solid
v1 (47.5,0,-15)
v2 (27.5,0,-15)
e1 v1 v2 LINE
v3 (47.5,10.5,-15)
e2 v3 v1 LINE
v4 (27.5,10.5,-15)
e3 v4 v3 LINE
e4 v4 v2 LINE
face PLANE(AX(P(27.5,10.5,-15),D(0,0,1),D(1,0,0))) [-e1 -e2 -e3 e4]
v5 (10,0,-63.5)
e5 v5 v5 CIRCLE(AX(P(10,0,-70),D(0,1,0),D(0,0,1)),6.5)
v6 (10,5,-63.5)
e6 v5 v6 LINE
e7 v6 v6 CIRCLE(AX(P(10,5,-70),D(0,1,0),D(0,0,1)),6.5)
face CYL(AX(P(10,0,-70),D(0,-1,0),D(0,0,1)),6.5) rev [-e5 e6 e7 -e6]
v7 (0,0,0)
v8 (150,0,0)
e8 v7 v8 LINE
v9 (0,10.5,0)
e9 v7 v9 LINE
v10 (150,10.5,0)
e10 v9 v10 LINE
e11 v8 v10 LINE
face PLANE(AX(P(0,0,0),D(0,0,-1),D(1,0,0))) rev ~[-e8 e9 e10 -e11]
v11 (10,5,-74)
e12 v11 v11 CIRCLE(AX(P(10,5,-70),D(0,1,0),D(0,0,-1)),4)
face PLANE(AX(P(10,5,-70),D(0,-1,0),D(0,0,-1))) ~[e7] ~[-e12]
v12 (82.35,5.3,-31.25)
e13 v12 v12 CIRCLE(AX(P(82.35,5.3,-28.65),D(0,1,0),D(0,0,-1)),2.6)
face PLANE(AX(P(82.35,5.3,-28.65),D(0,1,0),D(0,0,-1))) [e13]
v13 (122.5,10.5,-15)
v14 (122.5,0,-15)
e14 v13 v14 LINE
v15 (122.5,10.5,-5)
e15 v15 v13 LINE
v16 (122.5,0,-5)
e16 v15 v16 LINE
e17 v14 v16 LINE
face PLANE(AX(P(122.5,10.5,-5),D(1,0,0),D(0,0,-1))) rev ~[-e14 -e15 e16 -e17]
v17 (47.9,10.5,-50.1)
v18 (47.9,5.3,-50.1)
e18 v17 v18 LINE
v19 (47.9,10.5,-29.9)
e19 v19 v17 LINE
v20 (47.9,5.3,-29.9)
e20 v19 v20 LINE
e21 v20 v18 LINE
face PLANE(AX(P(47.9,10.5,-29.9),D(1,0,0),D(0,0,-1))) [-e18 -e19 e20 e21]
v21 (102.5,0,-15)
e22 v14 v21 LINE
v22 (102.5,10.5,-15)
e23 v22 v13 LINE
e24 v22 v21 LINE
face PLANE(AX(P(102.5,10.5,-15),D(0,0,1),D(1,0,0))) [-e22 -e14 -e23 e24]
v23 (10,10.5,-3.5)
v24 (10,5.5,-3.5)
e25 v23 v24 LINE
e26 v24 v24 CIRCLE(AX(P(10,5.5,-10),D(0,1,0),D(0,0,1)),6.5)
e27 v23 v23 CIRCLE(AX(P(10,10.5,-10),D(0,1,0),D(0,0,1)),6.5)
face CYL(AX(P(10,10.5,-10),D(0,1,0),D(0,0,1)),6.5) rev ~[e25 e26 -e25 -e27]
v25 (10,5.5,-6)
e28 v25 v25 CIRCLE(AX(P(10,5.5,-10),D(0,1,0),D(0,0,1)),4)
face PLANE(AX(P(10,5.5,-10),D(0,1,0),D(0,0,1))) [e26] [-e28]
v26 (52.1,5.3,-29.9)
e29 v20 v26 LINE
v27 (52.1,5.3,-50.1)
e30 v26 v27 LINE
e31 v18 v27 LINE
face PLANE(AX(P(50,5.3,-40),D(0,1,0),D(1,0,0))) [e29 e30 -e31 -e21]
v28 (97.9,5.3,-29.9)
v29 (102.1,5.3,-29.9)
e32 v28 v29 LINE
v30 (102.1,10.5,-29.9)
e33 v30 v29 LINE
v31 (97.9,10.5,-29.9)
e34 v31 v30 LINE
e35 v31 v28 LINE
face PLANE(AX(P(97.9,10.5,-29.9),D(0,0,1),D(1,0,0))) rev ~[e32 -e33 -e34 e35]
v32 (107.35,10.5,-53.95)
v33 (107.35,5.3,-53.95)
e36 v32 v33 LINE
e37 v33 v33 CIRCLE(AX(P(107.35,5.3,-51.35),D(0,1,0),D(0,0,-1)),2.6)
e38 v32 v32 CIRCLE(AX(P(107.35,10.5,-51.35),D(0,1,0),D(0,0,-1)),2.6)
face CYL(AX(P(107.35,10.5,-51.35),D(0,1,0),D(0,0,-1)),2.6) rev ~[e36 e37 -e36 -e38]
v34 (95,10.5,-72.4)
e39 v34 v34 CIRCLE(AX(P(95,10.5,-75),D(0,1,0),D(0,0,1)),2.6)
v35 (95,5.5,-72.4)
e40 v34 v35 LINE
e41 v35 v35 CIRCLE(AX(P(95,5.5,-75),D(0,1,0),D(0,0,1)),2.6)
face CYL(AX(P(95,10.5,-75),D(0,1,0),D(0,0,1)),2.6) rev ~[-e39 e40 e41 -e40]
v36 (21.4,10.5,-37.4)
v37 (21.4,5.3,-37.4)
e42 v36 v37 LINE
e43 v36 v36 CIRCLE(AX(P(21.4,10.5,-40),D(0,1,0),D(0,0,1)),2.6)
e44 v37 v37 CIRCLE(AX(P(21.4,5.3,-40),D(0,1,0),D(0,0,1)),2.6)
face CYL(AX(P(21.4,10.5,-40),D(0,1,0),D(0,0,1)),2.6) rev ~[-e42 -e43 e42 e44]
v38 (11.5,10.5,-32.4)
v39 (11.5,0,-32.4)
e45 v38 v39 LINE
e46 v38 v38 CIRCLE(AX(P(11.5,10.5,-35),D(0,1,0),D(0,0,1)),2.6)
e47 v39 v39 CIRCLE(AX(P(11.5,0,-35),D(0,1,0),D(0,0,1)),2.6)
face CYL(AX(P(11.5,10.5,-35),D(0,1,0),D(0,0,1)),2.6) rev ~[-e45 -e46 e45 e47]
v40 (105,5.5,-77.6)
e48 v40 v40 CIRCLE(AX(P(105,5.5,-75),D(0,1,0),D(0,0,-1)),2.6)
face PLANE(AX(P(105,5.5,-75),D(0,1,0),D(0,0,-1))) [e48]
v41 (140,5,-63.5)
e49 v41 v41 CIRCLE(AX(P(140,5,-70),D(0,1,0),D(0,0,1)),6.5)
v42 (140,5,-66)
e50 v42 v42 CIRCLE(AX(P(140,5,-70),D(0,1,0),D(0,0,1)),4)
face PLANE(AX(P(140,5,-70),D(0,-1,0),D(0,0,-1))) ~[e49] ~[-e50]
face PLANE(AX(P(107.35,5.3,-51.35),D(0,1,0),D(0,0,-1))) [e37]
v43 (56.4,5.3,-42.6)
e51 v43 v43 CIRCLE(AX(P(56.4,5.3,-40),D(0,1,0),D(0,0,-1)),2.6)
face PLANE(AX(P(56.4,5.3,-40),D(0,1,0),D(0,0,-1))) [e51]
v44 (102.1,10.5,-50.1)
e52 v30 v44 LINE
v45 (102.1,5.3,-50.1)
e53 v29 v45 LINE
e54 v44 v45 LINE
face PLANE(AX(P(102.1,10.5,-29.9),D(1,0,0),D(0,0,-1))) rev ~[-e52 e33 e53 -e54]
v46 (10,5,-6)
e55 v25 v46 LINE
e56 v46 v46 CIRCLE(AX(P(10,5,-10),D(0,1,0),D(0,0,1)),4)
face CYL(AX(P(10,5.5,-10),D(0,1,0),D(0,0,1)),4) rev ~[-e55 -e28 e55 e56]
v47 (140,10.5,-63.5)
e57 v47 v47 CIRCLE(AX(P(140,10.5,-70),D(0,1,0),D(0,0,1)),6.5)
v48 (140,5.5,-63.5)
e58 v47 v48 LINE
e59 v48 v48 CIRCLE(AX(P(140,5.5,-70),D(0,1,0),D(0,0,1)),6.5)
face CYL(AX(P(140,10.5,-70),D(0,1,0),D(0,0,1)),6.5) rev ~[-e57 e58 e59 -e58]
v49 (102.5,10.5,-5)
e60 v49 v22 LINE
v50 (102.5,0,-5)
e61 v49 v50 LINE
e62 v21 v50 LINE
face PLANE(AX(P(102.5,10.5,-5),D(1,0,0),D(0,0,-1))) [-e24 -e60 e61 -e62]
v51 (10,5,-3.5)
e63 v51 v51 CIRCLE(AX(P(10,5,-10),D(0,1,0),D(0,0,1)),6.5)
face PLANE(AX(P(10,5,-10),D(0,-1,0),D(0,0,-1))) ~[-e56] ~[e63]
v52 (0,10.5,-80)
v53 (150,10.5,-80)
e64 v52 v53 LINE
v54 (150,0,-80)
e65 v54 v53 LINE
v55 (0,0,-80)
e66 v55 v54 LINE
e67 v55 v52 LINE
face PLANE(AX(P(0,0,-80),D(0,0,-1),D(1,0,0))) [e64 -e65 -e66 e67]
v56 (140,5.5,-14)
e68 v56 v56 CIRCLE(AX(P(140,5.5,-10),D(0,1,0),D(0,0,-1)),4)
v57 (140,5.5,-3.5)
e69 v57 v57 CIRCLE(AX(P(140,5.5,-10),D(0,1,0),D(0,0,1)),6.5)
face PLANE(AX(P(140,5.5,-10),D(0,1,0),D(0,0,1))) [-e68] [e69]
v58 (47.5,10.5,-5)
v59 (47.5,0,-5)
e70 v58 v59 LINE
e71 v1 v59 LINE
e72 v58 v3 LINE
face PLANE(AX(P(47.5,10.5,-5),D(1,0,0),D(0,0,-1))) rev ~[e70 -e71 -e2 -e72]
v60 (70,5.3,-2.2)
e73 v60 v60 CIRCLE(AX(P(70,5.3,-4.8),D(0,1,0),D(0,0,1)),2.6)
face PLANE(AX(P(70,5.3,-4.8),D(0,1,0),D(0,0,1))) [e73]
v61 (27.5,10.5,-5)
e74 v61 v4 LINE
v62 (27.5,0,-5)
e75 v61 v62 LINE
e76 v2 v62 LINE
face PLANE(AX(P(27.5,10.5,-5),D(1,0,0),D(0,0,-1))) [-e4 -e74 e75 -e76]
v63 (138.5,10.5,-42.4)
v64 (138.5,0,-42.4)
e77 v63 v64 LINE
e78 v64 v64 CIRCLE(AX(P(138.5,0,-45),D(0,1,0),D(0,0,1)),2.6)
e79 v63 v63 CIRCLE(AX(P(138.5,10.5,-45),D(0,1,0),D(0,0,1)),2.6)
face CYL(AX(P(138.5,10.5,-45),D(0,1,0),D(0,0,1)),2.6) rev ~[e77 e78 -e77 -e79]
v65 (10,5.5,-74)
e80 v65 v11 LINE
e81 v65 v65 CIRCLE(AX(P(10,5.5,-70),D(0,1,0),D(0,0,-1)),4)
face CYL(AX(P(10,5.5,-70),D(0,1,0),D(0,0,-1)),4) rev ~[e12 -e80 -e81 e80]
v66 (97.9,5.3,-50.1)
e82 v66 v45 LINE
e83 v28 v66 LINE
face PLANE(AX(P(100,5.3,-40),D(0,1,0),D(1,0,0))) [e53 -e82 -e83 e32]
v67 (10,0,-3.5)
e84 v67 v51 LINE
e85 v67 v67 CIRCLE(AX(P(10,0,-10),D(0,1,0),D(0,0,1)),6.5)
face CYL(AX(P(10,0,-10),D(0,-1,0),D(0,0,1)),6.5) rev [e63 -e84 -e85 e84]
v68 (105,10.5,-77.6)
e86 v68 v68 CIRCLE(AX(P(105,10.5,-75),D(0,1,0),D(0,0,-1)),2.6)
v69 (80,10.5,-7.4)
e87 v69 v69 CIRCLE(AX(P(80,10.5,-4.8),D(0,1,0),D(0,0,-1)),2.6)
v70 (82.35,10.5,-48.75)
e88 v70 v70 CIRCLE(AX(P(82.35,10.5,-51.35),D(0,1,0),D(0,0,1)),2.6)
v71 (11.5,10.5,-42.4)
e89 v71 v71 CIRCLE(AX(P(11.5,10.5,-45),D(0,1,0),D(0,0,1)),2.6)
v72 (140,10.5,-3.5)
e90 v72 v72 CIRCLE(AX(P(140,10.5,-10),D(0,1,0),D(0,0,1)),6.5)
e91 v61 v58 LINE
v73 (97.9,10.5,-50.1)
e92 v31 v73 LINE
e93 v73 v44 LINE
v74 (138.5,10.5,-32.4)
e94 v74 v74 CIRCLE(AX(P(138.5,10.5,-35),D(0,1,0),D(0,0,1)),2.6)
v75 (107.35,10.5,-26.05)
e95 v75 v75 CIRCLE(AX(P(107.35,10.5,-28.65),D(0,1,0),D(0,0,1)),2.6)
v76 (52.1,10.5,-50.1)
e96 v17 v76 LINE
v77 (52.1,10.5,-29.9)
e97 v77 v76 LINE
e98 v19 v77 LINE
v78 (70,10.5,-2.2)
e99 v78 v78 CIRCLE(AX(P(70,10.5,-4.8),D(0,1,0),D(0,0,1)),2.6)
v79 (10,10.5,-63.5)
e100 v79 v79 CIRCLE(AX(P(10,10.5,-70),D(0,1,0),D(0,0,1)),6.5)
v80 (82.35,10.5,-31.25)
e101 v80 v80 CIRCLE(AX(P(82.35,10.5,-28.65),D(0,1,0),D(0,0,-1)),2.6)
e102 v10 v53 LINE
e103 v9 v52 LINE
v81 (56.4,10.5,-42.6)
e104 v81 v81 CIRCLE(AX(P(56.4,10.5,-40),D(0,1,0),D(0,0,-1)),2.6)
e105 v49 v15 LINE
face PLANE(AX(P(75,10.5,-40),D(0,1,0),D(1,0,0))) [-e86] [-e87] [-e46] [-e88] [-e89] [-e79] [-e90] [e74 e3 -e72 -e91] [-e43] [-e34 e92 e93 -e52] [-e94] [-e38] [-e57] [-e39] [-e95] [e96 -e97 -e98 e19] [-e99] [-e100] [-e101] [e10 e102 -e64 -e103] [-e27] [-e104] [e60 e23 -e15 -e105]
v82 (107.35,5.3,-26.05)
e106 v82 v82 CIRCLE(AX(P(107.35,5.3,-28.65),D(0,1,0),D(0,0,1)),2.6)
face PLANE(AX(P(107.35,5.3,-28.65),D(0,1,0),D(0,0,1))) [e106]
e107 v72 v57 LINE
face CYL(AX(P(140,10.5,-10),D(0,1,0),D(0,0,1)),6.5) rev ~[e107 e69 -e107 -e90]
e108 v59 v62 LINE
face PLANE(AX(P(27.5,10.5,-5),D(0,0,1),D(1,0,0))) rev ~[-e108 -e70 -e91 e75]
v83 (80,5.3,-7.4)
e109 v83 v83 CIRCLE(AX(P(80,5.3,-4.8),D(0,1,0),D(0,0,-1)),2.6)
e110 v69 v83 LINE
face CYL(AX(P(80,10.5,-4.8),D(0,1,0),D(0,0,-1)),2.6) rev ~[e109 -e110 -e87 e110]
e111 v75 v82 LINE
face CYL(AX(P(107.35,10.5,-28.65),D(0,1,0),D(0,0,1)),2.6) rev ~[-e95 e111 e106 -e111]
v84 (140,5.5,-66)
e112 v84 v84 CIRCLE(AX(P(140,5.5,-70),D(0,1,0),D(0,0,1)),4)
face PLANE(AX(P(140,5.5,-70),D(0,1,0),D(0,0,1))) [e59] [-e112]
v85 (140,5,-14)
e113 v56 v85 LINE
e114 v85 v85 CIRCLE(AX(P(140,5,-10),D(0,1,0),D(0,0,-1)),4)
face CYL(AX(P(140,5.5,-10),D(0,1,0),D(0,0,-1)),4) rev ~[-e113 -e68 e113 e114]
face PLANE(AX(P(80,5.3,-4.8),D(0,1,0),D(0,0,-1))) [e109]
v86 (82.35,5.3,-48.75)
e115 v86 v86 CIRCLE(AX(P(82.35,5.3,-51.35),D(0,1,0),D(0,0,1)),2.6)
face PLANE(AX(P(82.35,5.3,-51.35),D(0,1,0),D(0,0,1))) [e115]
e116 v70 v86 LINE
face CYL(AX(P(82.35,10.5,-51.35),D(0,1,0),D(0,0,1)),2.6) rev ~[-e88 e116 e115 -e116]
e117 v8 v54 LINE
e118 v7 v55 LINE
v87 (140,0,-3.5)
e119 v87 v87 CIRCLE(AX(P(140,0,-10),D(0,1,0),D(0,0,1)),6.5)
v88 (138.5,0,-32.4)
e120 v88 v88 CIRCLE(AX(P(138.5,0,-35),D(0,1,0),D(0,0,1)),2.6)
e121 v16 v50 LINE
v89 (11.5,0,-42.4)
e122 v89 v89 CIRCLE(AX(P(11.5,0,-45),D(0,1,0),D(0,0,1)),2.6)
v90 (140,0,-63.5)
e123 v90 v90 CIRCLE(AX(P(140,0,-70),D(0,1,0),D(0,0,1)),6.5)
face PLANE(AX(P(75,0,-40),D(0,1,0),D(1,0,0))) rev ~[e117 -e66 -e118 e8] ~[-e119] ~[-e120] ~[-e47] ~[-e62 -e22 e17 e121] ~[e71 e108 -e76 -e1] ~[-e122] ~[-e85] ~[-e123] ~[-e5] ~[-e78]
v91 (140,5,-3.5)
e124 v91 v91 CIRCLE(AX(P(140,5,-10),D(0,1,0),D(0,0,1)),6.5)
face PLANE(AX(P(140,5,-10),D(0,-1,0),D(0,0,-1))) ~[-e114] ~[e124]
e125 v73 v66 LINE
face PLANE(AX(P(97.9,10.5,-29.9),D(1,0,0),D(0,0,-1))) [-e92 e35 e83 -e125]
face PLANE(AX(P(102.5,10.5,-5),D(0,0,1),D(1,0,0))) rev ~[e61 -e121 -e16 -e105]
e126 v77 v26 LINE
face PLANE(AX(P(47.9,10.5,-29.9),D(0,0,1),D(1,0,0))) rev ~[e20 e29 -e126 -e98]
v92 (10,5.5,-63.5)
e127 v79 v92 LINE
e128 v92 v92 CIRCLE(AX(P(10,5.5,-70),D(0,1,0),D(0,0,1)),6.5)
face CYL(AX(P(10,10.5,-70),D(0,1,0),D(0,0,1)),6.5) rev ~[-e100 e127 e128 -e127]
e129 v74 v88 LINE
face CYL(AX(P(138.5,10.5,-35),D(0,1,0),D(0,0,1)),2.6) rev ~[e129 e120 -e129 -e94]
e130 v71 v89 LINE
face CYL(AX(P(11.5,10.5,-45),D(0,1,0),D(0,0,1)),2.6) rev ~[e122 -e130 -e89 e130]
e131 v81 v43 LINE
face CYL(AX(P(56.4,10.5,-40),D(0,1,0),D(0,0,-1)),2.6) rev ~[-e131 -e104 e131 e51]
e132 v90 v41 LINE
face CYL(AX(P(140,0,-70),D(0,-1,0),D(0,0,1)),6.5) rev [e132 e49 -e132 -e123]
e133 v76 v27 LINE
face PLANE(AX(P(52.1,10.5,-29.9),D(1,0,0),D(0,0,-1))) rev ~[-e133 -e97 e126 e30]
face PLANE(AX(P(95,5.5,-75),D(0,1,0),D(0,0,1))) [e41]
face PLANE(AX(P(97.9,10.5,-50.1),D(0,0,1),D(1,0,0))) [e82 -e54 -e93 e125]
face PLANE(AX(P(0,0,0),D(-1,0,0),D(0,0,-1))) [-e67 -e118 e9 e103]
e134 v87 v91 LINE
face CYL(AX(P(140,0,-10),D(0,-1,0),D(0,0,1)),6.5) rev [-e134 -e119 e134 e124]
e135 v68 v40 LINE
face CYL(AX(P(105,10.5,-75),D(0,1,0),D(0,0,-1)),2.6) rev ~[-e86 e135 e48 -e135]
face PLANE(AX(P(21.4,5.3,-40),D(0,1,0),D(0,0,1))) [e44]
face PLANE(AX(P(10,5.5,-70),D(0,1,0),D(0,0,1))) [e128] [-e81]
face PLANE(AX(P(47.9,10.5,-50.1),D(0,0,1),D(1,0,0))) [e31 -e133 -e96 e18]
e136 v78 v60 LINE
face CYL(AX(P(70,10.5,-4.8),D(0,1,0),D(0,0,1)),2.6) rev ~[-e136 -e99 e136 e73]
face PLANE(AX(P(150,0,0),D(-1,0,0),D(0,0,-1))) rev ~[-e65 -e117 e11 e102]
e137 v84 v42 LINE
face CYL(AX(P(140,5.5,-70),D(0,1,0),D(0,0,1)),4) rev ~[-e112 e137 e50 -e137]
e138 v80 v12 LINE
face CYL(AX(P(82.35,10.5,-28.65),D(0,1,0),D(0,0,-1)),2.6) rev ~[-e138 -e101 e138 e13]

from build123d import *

# Parameters (mm, degrees)
SKETCH1_W            = 150
SKETCH1_H            = 80
BOSS_EXTRUDE1_DEPTH  = 10.5
SKETCH10_R           = 6.5
CUT_EXTRUDE8_DEPTH   = 5
WIREHOLES_REACH      = 172.324
SKETCH3_W            = 20
SKETCH3_H            = 10
SKETCH6_R            = 2.6
F_4AACUT_DEPTH       = 5.2
SKETCH7_R            = 2.6
F_2AACUT_DEPTH       = 5.2
SKETCH5_W            = 4.2
SKETCH5_H            = 20.2
ARDUINOMEGACUT_DEPTH = 5.2
SKETCH8_R            = 2.6
MPUCUT_DEPTH         = 5.2
CUT_EXTRUDE7_REACH   = 172.324
SKETCH9_R            = 2.6
SKETCH11_R           = 4
CUT_EXTRUDE9_DEPTH   = 0.5
SKETCH12_R           = 2.6
CUT_EXTRUDE10_DEPTH  = 5


with BuildPart() as part:
    # Sketch1 → Boss-Extrude1 (new body)
    with BuildSketch(Plane(origin=(0, 0, 0), x_dir=(1, 0, 0), z_dir=(0, 1, 0))):
        with Locations((75, 40)):
            Rectangle(SKETCH1_W, SKETCH1_H)
    extrude(amount=BOSS_EXTRUDE1_DEPTH)

    # Sketch10 → Cut-Extrude8 (cut)
    with BuildSketch(Plane(origin=(0, 10.5, 0), x_dir=(1, 0, 0), z_dir=(0, 1, 0))):
        with Locations(Location((10, 10, 0), (0, 0, 270))):
            Circle(SKETCH10_R)
        with Locations(Location((140, 10, 0), (0, 0, 270))):
            Circle(SKETCH10_R)
        with Locations(Location((10, 70, 0), (0, 0, 270))):
            Circle(SKETCH10_R)
        with Locations(Location((140, 70, 0), (0, 0, 270))):
            Circle(SKETCH10_R)
    cut_extrude8 = extrude(amount=-CUT_EXTRUDE8_DEPTH, mode=Mode.SUBTRACT)

    # Mirror1: Cut-Extrude8 across plane
    add(cut_extrude8.mirror(Plane.ZX.offset(5.25)), mode=Mode.SUBTRACT)

    # Sketch3 → WireHoles (cut, up to next)
    with BuildSketch(Plane(origin=(0, 10.5, 0), x_dir=(1, 0, 0), z_dir=(0, 1, 0)), mode=Mode.PRIVATE) as wireholes_sk1:
        with Locations((37.5, 10)):
            Rectangle(SKETCH3_W, SKETCH3_H)
    wireholes_tool1 = extrude(wireholes_sk1.sketch, amount=-WIREHOLES_REACH, mode=Mode.PRIVATE) & part.part
    # Sketch3 → WireHoles (cut, up to next)
    with BuildSketch(Plane(origin=(0, 10.5, 0), x_dir=(1, 0, 0), z_dir=(0, 1, 0)), mode=Mode.PRIVATE) as wireholes_sk2:
        with Locations((112.5, 10)):
            Rectangle(SKETCH3_W, SKETCH3_H)
    wireholes_tool2 = extrude(wireholes_sk2.sketch, amount=-WIREHOLES_REACH, mode=Mode.PRIVATE) & part.part
    add(wireholes_tool1.solids().sort_by_distance((37.5, 10.5, -10))[0], mode=Mode.SUBTRACT)
    add(wireholes_tool2.solids().sort_by_distance((112.5, 10.5, -10))[0], mode=Mode.SUBTRACT)

    # Sketch6 → 4AACut (cut)
    with BuildSketch(Plane(origin=(0, 10.5, 0), x_dir=(1, 0, 0), z_dir=(0, 1, 0))):
        with Locations(Location((21.4, 40, 0), (0, 0, 270))):
            Circle(SKETCH6_R)
        with Locations(Location((56.4, 40, 0), (0, 0, 90))):
            Circle(SKETCH6_R)
    extrude(amount=-F_4AACUT_DEPTH, mode=Mode.SUBTRACT)

    # Sketch7 → 2AACut (cut)
    with BuildSketch(Plane(origin=(0, 10.5, 0), x_dir=(1, 0, 0), z_dir=(0, 1, 0))):
        with Locations(Location((82.35, 51.35, 0), (0, 0, 270))):
            Circle(SKETCH7_R)
        with Locations(Location((107.35, 51.35, 0), (0, 0, 90))):
            Circle(SKETCH7_R)
        with Locations(Location((82.35, 28.65, 0), (0, 0, 90))):
            Circle(SKETCH7_R)
        with Locations(Location((107.35, 28.65, 0), (0, 0, 270))):
            Circle(SKETCH7_R)
    extrude(amount=-F_2AACUT_DEPTH, mode=Mode.SUBTRACT)

    # Sketch5 → ArduinoMegaCut (cut)
    with BuildSketch(Plane(origin=(0, 10.5, 0), x_dir=(1, 0, 0), z_dir=(0, 1, 0))):
        with Locations((50, 40)):
            Rectangle(SKETCH5_W, SKETCH5_H)
        with Locations((100, 40)):
            Rectangle(SKETCH5_W, SKETCH5_H)
    extrude(amount=-ARDUINOMEGACUT_DEPTH, mode=Mode.SUBTRACT)

    # Sketch8 → MPUCut (cut)
    with BuildSketch(Plane(origin=(0, 10.5, 0), x_dir=(1, 0, 0), z_dir=(0, 1, 0))):
        with Locations(Location((70, 4.8, 0), (0, 0, 270))):
            Circle(SKETCH8_R)
        with Locations(Location((80, 4.8, 0), (0, 0, 90))):
            Circle(SKETCH8_R)
    extrude(amount=-MPUCUT_DEPTH, mode=Mode.SUBTRACT)

    # Sketch9 → Cut-Extrude7 (cut, up to next)
    with BuildSketch(Plane(origin=(0, 10.5, 0), x_dir=(1, 0, 0), z_dir=(0, 1, 0)), mode=Mode.PRIVATE) as cut_extrude7_sk1:
        with Locations(Location((138.5, 45, 0), (0, 0, 270))):
            Circle(SKETCH9_R)
    cut_extrude7_tool1 = extrude(cut_extrude7_sk1.sketch, amount=-CUT_EXTRUDE7_REACH, mode=Mode.PRIVATE) & part.part
    # Sketch9 → Cut-Extrude7 (cut, up to next)
    with BuildSketch(Plane(origin=(0, 10.5, 0), x_dir=(1, 0, 0), z_dir=(0, 1, 0)), mode=Mode.PRIVATE) as cut_extrude7_sk2:
        with Locations(Location((138.5, 35, 0), (0, 0, 270))):
            Circle(SKETCH9_R)
    cut_extrude7_tool2 = extrude(cut_extrude7_sk2.sketch, amount=-CUT_EXTRUDE7_REACH, mode=Mode.PRIVATE) & part.part
    # Sketch9 → Cut-Extrude7 (cut, up to next)
    with BuildSketch(Plane(origin=(0, 10.5, 0), x_dir=(1, 0, 0), z_dir=(0, 1, 0)), mode=Mode.PRIVATE) as cut_extrude7_sk3:
        with Locations(Location((11.5, 45, 0), (0, 0, 270))):
            Circle(SKETCH9_R)
    cut_extrude7_tool3 = extrude(cut_extrude7_sk3.sketch, amount=-CUT_EXTRUDE7_REACH, mode=Mode.PRIVATE) & part.part
    # Sketch9 → Cut-Extrude7 (cut, up to next)
    with BuildSketch(Plane(origin=(0, 10.5, 0), x_dir=(1, 0, 0), z_dir=(0, 1, 0)), mode=Mode.PRIVATE) as cut_extrude7_sk4:
        with Locations(Location((11.5, 35, 0), (0, 0, 270))):
            Circle(SKETCH9_R)
    cut_extrude7_tool4 = extrude(cut_extrude7_sk4.sketch, amount=-CUT_EXTRUDE7_REACH, mode=Mode.PRIVATE) & part.part
    add(cut_extrude7_tool1.solids().sort_by_distance((138.5, 10.5, -45))[0], mode=Mode.SUBTRACT)
    add(cut_extrude7_tool2.solids().sort_by_distance((138.5, 10.5, -35))[0], mode=Mode.SUBTRACT)
    add(cut_extrude7_tool3.solids().sort_by_distance((11.5, 10.5, -45))[0], mode=Mode.SUBTRACT)
    add(cut_extrude7_tool4.solids().sort_by_distance((11.5, 10.5, -35))[0], mode=Mode.SUBTRACT)

    # Sketch11 → Cut-Extrude9 (cut)
    with BuildSketch(Plane(origin=(0, 5.5, 0), x_dir=(1, 0, 0), z_dir=(0, 1, 0))):
        with Locations(Location((10, 10, 0), (0, 0, 270))):
            Circle(SKETCH11_R)
        with Locations(Location((10, 70, 0), (0, 0, 90))):
            Circle(SKETCH11_R)
        with Locations(Location((140, 70, 0), (0, 0, 270))):
            Circle(SKETCH11_R)
        with Locations(Location((140, 10, 0), (0, 0, 90))):
            Circle(SKETCH11_R)
    extrude(amount=-CUT_EXTRUDE9_DEPTH, mode=Mode.SUBTRACT)

    # Sketch12 → Cut-Extrude10 (cut)
    with BuildSketch(Plane(origin=(0, 10.5, 0), x_dir=(1, 0, 0), z_dir=(0, 1, 0))):
        with Locations(Location((95, 75, 0), (0, 0, 270))):
            Circle(SKETCH12_R)
        with Locations(Location((105, 75, 0), (0, 0, 90))):
            Circle(SKETCH12_R)
    extrude(amount=-CUT_EXTRUDE10_DEPTH, mode=Mode.SUBTRACT)


solid = part.part
